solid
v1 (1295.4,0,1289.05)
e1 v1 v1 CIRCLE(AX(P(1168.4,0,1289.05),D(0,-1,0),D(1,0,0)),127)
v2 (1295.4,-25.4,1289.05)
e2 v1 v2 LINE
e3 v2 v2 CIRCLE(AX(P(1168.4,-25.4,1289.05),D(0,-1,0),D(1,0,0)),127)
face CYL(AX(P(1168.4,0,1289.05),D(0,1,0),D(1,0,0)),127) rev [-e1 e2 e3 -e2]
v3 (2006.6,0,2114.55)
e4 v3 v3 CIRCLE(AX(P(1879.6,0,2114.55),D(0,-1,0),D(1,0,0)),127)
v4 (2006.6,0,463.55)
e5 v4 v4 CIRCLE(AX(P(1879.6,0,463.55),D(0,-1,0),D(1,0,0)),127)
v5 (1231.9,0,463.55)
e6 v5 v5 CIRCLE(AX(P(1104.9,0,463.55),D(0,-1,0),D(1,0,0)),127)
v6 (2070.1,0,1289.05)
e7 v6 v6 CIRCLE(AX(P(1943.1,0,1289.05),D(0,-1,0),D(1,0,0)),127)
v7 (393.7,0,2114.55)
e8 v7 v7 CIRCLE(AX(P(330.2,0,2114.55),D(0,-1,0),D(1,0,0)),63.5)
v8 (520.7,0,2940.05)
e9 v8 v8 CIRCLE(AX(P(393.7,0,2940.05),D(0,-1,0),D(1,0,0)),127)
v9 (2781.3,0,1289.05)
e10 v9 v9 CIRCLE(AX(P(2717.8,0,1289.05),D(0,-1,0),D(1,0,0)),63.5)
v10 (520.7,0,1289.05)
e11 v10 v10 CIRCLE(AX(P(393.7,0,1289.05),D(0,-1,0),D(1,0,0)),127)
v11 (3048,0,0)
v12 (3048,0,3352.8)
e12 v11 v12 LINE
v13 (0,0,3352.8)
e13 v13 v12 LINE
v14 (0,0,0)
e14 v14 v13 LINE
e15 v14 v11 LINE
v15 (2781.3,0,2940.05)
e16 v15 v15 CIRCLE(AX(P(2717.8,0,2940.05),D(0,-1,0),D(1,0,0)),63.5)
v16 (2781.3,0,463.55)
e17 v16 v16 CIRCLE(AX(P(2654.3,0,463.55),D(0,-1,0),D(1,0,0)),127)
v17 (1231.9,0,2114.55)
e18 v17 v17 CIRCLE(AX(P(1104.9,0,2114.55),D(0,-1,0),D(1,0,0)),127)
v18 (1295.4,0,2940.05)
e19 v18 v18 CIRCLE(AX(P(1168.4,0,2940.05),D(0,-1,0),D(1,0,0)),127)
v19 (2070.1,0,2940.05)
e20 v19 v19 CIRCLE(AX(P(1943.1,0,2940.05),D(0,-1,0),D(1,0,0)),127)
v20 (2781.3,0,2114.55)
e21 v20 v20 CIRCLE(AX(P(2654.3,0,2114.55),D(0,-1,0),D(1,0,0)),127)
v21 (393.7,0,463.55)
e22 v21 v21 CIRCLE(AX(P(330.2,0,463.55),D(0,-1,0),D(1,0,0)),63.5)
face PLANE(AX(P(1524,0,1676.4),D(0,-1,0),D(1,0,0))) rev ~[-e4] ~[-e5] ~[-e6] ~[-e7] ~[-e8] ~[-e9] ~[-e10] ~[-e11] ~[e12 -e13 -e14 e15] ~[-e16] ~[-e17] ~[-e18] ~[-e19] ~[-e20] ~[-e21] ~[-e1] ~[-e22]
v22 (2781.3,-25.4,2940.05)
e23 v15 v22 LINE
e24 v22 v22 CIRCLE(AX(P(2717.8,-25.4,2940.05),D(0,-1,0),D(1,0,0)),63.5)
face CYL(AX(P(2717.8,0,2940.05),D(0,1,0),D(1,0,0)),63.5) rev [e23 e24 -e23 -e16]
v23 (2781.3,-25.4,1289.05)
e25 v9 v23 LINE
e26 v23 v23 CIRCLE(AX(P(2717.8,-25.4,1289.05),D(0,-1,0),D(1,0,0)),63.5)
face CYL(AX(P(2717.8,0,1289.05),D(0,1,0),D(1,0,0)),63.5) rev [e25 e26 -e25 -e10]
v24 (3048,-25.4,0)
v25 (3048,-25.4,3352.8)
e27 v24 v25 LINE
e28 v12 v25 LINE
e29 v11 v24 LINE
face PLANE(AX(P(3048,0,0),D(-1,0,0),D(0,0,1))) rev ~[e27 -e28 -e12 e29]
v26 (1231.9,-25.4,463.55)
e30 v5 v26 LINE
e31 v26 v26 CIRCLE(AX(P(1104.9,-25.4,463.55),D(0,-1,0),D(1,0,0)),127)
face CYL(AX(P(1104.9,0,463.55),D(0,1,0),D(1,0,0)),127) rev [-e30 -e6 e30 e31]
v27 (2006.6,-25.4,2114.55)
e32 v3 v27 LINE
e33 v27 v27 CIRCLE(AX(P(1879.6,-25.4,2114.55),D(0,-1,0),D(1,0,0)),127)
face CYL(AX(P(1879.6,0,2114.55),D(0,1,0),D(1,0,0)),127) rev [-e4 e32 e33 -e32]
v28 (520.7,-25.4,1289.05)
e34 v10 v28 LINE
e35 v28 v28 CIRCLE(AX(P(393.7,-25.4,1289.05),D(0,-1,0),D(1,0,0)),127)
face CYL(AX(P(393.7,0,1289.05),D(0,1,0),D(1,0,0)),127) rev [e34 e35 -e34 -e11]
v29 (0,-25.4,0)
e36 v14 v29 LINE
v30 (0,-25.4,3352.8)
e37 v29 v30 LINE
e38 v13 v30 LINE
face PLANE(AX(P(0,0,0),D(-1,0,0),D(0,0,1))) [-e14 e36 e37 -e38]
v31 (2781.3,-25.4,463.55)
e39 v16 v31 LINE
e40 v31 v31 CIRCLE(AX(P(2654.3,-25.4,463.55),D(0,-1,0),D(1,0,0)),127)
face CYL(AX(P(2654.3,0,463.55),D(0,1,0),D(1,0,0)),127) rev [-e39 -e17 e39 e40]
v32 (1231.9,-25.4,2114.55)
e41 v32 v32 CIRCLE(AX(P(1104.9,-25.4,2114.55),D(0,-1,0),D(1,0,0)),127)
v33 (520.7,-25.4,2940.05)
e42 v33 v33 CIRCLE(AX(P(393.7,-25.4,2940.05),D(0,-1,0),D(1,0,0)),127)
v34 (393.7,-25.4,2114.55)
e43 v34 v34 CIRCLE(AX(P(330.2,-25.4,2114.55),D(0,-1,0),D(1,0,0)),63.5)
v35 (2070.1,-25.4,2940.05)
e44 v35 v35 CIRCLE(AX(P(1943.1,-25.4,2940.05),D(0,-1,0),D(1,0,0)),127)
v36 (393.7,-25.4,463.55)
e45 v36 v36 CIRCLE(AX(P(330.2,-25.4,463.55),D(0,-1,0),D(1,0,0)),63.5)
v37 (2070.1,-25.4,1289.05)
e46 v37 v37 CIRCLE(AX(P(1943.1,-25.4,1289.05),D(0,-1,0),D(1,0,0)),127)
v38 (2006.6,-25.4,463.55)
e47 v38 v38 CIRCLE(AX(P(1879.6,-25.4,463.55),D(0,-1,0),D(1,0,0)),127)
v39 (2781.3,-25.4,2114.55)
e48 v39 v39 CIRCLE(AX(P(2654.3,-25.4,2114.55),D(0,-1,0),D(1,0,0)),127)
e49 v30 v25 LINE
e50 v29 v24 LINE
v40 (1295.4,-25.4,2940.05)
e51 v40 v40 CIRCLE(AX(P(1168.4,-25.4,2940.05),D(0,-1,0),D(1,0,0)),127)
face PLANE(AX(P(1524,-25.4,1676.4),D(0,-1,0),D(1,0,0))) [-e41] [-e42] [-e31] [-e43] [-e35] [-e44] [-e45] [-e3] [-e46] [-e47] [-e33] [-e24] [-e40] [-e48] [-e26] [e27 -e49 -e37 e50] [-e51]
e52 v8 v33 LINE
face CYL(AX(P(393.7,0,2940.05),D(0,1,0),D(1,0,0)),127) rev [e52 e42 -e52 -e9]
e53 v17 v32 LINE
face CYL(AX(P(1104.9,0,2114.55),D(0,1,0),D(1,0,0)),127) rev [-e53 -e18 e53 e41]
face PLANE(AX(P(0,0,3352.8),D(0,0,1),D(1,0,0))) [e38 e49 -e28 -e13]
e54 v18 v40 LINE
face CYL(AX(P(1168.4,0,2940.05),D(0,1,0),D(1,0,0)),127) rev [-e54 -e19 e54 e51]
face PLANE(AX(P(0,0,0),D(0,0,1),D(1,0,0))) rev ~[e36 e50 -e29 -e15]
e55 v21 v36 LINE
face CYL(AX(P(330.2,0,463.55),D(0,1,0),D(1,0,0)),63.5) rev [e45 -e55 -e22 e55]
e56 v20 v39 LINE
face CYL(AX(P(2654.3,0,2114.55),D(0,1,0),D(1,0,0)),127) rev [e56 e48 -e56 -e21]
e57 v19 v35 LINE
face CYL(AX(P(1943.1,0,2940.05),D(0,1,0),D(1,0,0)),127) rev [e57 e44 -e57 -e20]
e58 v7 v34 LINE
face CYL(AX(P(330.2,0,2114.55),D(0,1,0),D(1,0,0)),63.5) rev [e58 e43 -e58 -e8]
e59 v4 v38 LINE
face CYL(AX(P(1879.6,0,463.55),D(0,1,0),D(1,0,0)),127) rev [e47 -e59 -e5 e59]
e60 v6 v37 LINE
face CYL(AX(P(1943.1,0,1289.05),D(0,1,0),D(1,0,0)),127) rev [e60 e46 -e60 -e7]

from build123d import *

# Parameters (mm, degrees)
F0_W     = 3048
F0_H     = 3352.8
F0_R     = 63.5
F0_R_2   = 127
F1_DEPTH = 25.4


with BuildPart() as f1:
    # F0 (on Front) → F1 (new body)
    with BuildSketch(Plane.XZ):
        with Locations((1524, 1676.4)):
            Rectangle(F0_W, F0_H)
        with Locations((330.2, 463.55)):
            Circle(F0_R, mode=Mode.SUBTRACT)
        with Locations((1104.9, 463.55)):
            Circle(F0_R_2, mode=Mode.SUBTRACT)
        with Locations((393.7, 1289.05)):
            Circle(F0_R_2, mode=Mode.SUBTRACT)
        with Locations((1168.4, 1289.05)):
            Circle(F0_R_2, mode=Mode.SUBTRACT)
        with Locations((1879.6, 463.55)):
            Circle(F0_R_2, mode=Mode.SUBTRACT)
        with Locations((2654.3, 463.55)):
            Circle(F0_R_2, mode=Mode.SUBTRACT)
        with Locations((1943.1, 1289.05)):
            Circle(F0_R_2, mode=Mode.SUBTRACT)
        with Locations((2717.8, 1289.05)):
            Circle(F0_R, mode=Mode.SUBTRACT)
        with Locations((330.2, 2114.55)):
            Circle(F0_R, mode=Mode.SUBTRACT)
        with Locations((1104.9, 2114.55)):
            Circle(F0_R_2, mode=Mode.SUBTRACT)
        with Locations((393.7, 2940.05)):
            Circle(F0_R_2, mode=Mode.SUBTRACT)
        with Locations((1168.4, 2940.05)):
            Circle(F0_R_2, mode=Mode.SUBTRACT)
        with Locations((1879.6, 2114.55)):
            Circle(F0_R_2, mode=Mode.SUBTRACT)
        with Locations((2654.3, 2114.55)):
            Circle(F0_R_2, mode=Mode.SUBTRACT)
        with Locations((1943.1, 2940.05)):
            Circle(F0_R_2, mode=Mode.SUBTRACT)
        with Locations((2717.8, 2940.05)):
            Circle(F0_R, mode=Mode.SUBTRACT)
    extrude(amount=F1_DEPTH)


solid = f1.part
